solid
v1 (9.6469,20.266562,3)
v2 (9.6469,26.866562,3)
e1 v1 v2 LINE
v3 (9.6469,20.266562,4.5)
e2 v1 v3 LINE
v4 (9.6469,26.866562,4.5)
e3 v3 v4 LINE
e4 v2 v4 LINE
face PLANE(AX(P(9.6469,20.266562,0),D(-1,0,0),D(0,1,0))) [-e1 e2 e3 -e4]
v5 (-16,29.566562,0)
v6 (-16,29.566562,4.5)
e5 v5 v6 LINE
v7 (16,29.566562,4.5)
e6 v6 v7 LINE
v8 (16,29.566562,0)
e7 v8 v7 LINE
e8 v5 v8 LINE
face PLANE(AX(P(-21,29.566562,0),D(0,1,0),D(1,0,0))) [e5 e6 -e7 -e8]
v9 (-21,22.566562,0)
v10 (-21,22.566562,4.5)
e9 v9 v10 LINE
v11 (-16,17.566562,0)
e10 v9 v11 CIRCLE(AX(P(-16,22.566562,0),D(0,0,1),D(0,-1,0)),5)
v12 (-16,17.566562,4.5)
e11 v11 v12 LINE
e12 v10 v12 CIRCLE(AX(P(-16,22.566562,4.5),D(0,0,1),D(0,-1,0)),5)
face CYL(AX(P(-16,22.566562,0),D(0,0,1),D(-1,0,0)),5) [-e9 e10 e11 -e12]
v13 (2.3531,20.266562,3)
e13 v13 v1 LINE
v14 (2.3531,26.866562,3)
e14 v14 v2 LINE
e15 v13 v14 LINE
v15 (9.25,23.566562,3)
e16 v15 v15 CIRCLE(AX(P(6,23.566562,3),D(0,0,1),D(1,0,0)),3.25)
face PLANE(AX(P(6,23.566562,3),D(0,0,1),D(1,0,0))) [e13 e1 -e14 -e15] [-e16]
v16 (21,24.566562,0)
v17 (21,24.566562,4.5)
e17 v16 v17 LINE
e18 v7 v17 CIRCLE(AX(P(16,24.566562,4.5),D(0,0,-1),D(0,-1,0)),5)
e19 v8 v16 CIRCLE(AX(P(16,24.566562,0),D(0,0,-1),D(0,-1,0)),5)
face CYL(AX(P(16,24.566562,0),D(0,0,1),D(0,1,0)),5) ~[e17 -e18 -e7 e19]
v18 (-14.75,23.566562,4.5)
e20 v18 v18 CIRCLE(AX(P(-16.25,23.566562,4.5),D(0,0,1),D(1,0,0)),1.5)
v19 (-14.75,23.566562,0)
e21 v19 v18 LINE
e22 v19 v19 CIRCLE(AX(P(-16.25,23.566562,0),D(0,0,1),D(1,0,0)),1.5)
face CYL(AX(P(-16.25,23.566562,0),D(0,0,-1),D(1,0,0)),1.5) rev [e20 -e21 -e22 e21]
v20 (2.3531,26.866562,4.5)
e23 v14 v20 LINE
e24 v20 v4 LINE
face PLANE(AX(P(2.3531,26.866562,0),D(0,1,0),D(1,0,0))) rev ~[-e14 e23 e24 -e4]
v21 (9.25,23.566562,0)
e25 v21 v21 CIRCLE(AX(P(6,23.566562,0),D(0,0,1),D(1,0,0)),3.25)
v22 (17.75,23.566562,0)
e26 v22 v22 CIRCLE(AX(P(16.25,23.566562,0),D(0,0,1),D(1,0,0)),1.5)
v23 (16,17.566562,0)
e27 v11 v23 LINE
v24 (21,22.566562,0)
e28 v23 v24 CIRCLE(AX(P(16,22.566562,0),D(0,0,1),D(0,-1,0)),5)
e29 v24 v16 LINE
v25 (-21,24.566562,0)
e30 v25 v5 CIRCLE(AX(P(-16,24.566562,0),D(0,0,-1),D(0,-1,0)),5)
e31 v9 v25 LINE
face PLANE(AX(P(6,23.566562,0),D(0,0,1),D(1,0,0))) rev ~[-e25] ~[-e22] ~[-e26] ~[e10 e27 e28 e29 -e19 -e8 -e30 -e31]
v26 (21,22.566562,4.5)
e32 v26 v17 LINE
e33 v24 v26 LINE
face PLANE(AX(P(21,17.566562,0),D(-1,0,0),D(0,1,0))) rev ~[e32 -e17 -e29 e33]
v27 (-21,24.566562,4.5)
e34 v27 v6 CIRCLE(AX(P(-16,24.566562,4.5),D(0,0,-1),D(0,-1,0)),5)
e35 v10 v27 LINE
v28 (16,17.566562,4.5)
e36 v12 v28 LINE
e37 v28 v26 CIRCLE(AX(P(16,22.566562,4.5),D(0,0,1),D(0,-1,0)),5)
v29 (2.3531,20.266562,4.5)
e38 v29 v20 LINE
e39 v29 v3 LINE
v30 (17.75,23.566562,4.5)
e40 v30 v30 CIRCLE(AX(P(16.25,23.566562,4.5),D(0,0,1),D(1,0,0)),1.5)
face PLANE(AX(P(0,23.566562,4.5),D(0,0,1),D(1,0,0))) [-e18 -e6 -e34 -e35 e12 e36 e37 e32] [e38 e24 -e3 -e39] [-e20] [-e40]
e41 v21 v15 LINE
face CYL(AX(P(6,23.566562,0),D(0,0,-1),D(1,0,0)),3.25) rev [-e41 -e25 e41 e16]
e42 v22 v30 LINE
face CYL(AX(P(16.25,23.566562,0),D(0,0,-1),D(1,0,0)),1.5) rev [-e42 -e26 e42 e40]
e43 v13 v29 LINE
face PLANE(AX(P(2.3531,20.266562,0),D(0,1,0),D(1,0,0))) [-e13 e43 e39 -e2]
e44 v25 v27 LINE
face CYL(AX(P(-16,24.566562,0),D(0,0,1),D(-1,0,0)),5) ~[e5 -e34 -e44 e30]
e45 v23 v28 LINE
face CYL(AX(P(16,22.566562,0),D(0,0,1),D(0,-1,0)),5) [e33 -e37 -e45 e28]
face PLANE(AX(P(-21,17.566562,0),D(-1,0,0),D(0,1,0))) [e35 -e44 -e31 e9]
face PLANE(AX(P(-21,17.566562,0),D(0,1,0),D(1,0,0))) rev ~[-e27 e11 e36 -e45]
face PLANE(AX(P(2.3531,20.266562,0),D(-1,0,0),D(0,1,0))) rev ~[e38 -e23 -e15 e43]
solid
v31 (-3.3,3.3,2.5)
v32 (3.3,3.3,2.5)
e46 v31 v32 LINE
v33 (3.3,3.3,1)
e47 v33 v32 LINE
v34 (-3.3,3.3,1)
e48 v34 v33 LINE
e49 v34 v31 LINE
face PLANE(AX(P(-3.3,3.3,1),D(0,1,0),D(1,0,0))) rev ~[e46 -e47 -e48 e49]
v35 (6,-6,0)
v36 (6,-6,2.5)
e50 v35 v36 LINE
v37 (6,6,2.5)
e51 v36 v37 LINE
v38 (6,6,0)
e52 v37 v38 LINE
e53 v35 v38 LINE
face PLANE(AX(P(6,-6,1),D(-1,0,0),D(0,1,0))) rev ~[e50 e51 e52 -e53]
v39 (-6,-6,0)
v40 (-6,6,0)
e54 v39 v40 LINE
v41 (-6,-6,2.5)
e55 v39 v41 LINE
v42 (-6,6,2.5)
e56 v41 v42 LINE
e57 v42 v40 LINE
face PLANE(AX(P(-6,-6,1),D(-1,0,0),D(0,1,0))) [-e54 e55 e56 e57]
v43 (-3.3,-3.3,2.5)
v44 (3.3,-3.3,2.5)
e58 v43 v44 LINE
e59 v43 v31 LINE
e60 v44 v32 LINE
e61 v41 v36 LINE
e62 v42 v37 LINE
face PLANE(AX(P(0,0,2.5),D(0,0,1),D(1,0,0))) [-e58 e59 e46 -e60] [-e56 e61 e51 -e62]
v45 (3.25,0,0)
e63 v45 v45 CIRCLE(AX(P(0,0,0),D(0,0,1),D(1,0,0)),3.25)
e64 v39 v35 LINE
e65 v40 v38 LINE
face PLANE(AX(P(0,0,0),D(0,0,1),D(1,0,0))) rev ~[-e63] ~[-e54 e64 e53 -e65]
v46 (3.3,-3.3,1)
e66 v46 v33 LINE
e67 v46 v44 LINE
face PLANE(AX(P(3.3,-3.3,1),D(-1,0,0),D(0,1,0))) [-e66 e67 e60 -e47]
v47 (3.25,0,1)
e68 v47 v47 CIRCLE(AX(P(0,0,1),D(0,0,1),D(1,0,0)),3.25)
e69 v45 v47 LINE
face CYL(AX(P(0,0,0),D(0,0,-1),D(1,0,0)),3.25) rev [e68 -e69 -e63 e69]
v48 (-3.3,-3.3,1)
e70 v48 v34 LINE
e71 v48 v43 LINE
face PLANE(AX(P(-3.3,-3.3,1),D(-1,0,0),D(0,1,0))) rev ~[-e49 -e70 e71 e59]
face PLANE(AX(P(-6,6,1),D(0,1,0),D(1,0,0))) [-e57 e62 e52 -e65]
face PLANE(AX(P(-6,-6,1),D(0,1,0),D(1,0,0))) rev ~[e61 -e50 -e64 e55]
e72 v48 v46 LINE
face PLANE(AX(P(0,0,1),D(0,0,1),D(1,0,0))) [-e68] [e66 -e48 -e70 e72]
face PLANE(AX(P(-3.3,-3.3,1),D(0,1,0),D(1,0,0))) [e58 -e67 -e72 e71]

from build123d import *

# Parameters (mm, degrees)
F3_W     = 12
F3_H     = 12
F3_R     = 3.25
F4_DEPTH = 1
F5_W     = 12
F5_H     = 12
F5_W_2   = 6.6
F5_H_2   = 6.6
F6_DEPTH = 1.5
F7_W     = 42
F7_H     = 12
F7_R     = 1.5
F7_W_2   = 7.2937997878
F7_H_2   = 6.6
F8_DEPTH = 4.5
F7_R_2   = 3.25
F9_DEPTH = 3
F10_R    = 5


with BuildPart() as f4:
    # F3 (on Top) → F4 (new body)
    with BuildSketch(Plane.XY):
        Rectangle(F3_W, F3_H)
        Circle(F3_R, mode=Mode.SUBTRACT)
    extrude(amount=F4_DEPTH)

    # F5 (on face) → F6 (join)
    with BuildSketch(Plane.XY.offset(1)):
        Rectangle(F5_W, F5_H)
        Rectangle(F5_W_2, F5_H_2, mode=Mode.SUBTRACT)
    extrude(amount=F6_DEPTH)


with BuildPart() as f8:
    # F7 (on Top) → F8 (new body)
    with BuildSketch(Plane.XY):
        with Locations((0, 23.5665622275)):
            Rectangle(F7_W, F7_H)
        with Locations((-16.25, 23.5665622275)):
            Circle(F7_R, mode=Mode.SUBTRACT)
        with Locations((6, 23.5665622275)):
            Rectangle(F7_W_2, F7_H_2, mode=Mode.SUBTRACT)
        with Locations((16.25, 23.5665622275)):
            Circle(F7_R, mode=Mode.SUBTRACT)
    extrude(amount=F8_DEPTH)

    # F7 (on Top) → F9 (join)
    with BuildSketch(Plane.XY):
        with Locations((6, 23.5665622275)):
            Rectangle(F7_W_2, F7_H_2)
        with Locations((6, 23.5665622275)):
            Circle(F7_R_2, mode=Mode.SUBTRACT)
    extrude(amount=F9_DEPTH)

    # F10
    f10_edges = [f8.edges().sort_by_distance(p)[0] for p in [
        (21, 17.566562, 2.25),
        (-21, 17.566562, 2.25),
        (21, 29.566562, 2.25),
        (-21, 29.566562, 2.25),
    ]]
    fillet(f10_edges, radius=F10_R)


solid = Compound([f4.part, f8.part])
